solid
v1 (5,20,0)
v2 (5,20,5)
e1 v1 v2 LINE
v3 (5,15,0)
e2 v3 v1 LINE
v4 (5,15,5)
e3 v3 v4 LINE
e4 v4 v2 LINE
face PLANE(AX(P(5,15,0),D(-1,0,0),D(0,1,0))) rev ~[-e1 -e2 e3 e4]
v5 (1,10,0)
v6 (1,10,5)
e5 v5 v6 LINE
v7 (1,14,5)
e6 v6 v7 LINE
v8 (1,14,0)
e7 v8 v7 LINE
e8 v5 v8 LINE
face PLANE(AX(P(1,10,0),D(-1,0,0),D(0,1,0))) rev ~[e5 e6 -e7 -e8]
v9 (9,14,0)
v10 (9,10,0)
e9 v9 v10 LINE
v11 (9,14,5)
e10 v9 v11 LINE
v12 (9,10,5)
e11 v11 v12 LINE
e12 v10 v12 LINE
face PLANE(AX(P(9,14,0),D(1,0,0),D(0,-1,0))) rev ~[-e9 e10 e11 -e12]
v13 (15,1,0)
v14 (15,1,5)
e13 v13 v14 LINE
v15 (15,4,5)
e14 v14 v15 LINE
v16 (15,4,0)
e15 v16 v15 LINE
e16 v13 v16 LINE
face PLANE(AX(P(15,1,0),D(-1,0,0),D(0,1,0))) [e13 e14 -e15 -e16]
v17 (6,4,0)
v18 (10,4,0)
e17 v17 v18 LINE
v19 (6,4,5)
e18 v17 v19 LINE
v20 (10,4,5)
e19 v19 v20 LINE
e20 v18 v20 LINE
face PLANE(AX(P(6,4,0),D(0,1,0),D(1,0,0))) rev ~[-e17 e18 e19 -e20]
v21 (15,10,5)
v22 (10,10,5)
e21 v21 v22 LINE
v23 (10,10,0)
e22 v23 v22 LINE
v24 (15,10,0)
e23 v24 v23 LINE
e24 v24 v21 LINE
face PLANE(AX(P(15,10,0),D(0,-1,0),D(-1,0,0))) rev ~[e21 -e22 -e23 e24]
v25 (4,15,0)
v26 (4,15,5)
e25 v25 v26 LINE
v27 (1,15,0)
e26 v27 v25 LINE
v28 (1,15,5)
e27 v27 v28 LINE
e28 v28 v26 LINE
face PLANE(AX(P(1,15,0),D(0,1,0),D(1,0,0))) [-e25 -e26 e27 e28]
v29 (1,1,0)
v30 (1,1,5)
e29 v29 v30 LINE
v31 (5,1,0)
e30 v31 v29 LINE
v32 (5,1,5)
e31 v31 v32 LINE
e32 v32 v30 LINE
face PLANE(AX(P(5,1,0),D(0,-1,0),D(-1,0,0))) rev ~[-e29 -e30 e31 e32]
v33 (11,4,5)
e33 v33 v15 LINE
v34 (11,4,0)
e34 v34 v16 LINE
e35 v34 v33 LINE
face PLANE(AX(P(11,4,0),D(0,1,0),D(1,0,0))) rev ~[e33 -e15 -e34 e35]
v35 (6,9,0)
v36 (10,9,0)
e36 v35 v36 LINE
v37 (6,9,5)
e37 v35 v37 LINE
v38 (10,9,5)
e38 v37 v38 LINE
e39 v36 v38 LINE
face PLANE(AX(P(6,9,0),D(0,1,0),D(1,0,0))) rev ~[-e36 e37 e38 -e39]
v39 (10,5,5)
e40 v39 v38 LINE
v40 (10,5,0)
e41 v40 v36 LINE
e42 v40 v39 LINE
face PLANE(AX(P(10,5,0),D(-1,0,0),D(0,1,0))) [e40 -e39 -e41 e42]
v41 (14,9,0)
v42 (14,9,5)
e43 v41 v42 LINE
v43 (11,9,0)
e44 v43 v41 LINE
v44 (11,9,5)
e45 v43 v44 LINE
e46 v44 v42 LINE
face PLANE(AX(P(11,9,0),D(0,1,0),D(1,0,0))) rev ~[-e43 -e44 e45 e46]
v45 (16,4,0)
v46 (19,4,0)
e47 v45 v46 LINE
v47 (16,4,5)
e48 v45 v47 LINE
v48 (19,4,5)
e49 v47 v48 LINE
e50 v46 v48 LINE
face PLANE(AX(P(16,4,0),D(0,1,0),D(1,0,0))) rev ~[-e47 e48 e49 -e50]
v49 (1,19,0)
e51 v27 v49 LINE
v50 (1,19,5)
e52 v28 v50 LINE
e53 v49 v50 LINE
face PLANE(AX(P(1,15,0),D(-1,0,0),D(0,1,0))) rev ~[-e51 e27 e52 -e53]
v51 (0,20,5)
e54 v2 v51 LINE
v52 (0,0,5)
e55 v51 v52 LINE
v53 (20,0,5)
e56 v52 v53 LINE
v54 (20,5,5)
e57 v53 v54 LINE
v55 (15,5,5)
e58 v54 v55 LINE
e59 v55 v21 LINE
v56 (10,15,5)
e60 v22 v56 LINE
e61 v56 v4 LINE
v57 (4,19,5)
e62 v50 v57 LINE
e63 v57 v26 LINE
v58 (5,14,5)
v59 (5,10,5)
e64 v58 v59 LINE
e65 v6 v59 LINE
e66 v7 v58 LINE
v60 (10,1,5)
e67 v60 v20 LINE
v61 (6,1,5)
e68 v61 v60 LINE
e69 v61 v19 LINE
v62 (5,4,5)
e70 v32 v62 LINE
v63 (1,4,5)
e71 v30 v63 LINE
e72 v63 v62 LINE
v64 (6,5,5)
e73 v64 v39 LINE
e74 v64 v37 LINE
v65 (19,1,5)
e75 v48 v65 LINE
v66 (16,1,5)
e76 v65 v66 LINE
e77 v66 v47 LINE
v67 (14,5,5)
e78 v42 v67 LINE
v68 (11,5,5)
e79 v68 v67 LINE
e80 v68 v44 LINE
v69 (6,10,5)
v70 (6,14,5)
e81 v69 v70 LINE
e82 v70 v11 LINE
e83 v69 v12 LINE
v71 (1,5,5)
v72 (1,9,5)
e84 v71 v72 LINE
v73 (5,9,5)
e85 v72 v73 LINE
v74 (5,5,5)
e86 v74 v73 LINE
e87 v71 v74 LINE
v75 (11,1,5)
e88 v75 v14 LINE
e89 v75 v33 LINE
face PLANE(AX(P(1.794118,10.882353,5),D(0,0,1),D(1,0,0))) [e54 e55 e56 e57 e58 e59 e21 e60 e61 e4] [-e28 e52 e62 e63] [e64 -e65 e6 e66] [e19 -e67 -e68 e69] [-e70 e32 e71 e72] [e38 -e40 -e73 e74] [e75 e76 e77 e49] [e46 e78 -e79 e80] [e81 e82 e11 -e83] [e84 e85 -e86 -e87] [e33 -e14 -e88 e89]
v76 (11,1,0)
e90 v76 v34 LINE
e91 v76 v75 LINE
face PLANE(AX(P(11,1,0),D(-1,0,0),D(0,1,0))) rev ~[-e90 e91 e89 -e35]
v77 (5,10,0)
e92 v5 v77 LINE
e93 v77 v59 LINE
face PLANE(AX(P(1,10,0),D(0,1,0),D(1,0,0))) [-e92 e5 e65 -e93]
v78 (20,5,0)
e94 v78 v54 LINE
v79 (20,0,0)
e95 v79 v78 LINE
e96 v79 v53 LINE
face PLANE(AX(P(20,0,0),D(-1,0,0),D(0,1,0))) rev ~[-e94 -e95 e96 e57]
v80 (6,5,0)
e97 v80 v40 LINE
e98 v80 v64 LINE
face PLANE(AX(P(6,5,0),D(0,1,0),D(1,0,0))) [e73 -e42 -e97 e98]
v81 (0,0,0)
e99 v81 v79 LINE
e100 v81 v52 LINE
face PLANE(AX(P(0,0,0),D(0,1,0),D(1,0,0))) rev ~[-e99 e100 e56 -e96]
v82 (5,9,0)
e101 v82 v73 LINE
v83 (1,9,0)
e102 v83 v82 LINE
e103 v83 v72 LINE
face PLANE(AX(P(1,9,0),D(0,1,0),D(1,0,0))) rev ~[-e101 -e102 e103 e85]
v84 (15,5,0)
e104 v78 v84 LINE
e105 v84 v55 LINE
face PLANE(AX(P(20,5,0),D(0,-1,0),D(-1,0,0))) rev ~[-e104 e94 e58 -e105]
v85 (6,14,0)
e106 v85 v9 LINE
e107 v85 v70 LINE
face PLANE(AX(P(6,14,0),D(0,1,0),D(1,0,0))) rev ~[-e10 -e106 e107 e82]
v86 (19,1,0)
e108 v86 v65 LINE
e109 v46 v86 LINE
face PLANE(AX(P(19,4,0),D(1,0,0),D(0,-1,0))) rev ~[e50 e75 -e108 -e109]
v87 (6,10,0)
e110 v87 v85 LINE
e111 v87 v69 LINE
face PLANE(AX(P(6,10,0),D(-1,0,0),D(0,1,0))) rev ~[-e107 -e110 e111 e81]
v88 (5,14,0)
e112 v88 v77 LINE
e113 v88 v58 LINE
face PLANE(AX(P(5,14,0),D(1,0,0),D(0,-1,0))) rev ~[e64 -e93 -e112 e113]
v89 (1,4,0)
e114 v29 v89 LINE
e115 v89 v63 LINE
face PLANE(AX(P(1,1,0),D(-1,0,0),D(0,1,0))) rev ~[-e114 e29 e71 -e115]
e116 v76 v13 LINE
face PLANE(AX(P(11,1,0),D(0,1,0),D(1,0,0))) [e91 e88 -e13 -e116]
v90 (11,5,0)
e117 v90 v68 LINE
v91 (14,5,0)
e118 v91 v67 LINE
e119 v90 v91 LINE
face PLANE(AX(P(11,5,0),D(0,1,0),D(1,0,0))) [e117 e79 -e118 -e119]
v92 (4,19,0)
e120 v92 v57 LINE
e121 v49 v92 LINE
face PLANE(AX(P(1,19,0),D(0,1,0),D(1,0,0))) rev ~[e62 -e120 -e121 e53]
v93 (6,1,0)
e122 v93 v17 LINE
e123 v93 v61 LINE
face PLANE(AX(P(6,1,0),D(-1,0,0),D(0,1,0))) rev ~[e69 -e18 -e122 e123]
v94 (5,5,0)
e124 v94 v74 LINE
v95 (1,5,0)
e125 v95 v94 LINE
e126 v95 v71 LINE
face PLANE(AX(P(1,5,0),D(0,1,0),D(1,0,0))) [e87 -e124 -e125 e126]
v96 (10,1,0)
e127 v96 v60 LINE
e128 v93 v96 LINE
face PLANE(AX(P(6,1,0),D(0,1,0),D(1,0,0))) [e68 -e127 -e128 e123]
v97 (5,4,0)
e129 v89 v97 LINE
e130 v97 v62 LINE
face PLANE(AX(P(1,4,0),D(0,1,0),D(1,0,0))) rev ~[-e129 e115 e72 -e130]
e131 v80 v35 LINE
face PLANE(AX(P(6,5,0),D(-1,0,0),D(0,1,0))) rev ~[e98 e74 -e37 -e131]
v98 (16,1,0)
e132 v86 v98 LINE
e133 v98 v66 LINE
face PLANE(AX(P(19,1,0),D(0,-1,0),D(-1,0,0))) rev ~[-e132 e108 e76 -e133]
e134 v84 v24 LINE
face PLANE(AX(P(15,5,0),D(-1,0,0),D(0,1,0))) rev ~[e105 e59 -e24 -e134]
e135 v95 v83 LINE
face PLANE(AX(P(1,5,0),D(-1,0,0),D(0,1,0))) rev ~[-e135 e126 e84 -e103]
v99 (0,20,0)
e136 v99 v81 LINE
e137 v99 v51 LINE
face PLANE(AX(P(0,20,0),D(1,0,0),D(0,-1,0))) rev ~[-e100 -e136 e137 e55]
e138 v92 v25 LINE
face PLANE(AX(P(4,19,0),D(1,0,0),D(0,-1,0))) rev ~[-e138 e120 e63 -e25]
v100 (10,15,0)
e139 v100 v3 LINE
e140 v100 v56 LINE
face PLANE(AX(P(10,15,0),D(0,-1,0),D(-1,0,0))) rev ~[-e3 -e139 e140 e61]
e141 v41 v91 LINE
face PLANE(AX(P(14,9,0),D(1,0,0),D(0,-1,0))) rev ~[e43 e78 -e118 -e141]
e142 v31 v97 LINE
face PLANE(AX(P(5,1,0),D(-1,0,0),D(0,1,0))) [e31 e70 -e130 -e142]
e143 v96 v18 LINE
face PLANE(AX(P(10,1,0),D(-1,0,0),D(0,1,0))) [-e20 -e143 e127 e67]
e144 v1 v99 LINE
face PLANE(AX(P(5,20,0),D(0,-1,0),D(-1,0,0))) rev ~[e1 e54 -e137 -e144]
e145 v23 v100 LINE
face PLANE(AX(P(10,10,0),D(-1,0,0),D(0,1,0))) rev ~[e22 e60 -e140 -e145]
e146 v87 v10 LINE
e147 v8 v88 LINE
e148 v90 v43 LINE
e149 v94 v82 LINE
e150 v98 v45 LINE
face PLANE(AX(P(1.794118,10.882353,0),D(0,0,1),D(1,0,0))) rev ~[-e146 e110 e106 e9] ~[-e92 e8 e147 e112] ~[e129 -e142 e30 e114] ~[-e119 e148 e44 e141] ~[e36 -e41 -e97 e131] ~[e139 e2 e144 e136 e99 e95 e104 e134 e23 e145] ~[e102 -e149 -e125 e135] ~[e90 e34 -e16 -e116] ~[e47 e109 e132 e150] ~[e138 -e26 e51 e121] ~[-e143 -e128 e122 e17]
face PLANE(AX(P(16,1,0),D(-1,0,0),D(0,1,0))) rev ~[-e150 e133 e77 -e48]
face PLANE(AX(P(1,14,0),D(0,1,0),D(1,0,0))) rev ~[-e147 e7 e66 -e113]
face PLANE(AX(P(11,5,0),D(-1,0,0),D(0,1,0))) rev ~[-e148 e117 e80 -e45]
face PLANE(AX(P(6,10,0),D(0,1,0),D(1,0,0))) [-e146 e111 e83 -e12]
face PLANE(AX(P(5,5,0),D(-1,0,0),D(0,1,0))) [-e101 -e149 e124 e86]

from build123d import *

# Parameters (mm, degrees)
F0_W     = 1
F0_H     = 1
F0_H_2   = 4
F0_W_2   = 4
F0_H_3   = 3
F0_W_3   = 3
F1_DEPTH = 5


with BuildPart() as f1:
    # F0 (on Top) → F1 (new body)
    with BuildSketch(Plane.XY):
        Polygon((0, 20), (0, 0), (5, 0), (5, 1), (1, 1), (1, 4), (1, 5), (1, 9), (1, 10), (1, 14), (1, 15), (1, 19), (4, 19), (4, 15), (4, 14), (5, 14), (5, 15), (5, 20), align=None)
        with Locations((5.5, 14.5)):
            Rectangle(F0_W, F0_H)
        Polygon((10, 15), (6, 15), (6, 14), (9, 14), (9, 10), (9, 9), (10, 9), (10, 10), align=None)
        with Locations((10.5, 9.5)):
            Rectangle(F0_W, F0_H)
        Polygon((15, 10), (11, 10), (11, 9), (14, 9), (14, 5), (14, 4), (15, 4), (15, 5), align=None)
        with Locations((10.5, 7)):
            Rectangle(F0_W, F0_H_2)
        with Locations((5.5, 9.5)):
            Rectangle(F0_W, F0_H)
        with Locations((5.5, 12)):
            Rectangle(F0_W, F0_H_2)
        with Locations((3, 9.5)):
            Rectangle(F0_W_2, F0_H)
        with Locations((5.5, 7)):
            Rectangle(F0_W, F0_H_2)
        with Locations((3, 4.5)):
            Rectangle(F0_W_2, F0_H)
        with Locations((5.5, 2.5)):
            Rectangle(F0_W, F0_H_3)
        with Locations((5.5, 4.5)):
            Rectangle(F0_W, F0_H)
        with Locations((5.5, 0.5)):
            Rectangle(F0_W, F0_H)
        with Locations((8, 0.5)):
            Rectangle(F0_W_2, F0_H)
        with Locations((8, 4.5)):
            Rectangle(F0_W_2, F0_H)
        with Locations((10.5, 4.5)):
            Rectangle(F0_W, F0_H)
        with Locations((10.5, 2.5)):
            Rectangle(F0_W, F0_H_3)
        with Locations((10.5, 0.5)):
            Rectangle(F0_W, F0_H)
        with Locations((13, 0.5)):
            Rectangle(F0_W_2, F0_H)
        with Locations((12.5, 4.5)):
            Rectangle(F0_W_3, F0_H)
        with Locations((15.5, 4.5)):
            Rectangle(F0_W, F0_H)
        with Locations((15.5, 2.5)):
            Rectangle(F0_W, F0_H_3)
        with Locations((15.5, 0.5)):
            Rectangle(F0_W, F0_H)
        Polygon((16, 1), (16, 0), (20, 0), (20, 5), (16, 5), (16, 4), (19, 4), (19, 1), align=None)
        with Locations((7.5, 9.5)):
            Rectangle(F0_W_3, F0_H)
        with Locations((2.5, 14.5)):
            Rectangle(F0_W_3, F0_H)
    extrude(amount=F1_DEPTH)


solid = f1.part
